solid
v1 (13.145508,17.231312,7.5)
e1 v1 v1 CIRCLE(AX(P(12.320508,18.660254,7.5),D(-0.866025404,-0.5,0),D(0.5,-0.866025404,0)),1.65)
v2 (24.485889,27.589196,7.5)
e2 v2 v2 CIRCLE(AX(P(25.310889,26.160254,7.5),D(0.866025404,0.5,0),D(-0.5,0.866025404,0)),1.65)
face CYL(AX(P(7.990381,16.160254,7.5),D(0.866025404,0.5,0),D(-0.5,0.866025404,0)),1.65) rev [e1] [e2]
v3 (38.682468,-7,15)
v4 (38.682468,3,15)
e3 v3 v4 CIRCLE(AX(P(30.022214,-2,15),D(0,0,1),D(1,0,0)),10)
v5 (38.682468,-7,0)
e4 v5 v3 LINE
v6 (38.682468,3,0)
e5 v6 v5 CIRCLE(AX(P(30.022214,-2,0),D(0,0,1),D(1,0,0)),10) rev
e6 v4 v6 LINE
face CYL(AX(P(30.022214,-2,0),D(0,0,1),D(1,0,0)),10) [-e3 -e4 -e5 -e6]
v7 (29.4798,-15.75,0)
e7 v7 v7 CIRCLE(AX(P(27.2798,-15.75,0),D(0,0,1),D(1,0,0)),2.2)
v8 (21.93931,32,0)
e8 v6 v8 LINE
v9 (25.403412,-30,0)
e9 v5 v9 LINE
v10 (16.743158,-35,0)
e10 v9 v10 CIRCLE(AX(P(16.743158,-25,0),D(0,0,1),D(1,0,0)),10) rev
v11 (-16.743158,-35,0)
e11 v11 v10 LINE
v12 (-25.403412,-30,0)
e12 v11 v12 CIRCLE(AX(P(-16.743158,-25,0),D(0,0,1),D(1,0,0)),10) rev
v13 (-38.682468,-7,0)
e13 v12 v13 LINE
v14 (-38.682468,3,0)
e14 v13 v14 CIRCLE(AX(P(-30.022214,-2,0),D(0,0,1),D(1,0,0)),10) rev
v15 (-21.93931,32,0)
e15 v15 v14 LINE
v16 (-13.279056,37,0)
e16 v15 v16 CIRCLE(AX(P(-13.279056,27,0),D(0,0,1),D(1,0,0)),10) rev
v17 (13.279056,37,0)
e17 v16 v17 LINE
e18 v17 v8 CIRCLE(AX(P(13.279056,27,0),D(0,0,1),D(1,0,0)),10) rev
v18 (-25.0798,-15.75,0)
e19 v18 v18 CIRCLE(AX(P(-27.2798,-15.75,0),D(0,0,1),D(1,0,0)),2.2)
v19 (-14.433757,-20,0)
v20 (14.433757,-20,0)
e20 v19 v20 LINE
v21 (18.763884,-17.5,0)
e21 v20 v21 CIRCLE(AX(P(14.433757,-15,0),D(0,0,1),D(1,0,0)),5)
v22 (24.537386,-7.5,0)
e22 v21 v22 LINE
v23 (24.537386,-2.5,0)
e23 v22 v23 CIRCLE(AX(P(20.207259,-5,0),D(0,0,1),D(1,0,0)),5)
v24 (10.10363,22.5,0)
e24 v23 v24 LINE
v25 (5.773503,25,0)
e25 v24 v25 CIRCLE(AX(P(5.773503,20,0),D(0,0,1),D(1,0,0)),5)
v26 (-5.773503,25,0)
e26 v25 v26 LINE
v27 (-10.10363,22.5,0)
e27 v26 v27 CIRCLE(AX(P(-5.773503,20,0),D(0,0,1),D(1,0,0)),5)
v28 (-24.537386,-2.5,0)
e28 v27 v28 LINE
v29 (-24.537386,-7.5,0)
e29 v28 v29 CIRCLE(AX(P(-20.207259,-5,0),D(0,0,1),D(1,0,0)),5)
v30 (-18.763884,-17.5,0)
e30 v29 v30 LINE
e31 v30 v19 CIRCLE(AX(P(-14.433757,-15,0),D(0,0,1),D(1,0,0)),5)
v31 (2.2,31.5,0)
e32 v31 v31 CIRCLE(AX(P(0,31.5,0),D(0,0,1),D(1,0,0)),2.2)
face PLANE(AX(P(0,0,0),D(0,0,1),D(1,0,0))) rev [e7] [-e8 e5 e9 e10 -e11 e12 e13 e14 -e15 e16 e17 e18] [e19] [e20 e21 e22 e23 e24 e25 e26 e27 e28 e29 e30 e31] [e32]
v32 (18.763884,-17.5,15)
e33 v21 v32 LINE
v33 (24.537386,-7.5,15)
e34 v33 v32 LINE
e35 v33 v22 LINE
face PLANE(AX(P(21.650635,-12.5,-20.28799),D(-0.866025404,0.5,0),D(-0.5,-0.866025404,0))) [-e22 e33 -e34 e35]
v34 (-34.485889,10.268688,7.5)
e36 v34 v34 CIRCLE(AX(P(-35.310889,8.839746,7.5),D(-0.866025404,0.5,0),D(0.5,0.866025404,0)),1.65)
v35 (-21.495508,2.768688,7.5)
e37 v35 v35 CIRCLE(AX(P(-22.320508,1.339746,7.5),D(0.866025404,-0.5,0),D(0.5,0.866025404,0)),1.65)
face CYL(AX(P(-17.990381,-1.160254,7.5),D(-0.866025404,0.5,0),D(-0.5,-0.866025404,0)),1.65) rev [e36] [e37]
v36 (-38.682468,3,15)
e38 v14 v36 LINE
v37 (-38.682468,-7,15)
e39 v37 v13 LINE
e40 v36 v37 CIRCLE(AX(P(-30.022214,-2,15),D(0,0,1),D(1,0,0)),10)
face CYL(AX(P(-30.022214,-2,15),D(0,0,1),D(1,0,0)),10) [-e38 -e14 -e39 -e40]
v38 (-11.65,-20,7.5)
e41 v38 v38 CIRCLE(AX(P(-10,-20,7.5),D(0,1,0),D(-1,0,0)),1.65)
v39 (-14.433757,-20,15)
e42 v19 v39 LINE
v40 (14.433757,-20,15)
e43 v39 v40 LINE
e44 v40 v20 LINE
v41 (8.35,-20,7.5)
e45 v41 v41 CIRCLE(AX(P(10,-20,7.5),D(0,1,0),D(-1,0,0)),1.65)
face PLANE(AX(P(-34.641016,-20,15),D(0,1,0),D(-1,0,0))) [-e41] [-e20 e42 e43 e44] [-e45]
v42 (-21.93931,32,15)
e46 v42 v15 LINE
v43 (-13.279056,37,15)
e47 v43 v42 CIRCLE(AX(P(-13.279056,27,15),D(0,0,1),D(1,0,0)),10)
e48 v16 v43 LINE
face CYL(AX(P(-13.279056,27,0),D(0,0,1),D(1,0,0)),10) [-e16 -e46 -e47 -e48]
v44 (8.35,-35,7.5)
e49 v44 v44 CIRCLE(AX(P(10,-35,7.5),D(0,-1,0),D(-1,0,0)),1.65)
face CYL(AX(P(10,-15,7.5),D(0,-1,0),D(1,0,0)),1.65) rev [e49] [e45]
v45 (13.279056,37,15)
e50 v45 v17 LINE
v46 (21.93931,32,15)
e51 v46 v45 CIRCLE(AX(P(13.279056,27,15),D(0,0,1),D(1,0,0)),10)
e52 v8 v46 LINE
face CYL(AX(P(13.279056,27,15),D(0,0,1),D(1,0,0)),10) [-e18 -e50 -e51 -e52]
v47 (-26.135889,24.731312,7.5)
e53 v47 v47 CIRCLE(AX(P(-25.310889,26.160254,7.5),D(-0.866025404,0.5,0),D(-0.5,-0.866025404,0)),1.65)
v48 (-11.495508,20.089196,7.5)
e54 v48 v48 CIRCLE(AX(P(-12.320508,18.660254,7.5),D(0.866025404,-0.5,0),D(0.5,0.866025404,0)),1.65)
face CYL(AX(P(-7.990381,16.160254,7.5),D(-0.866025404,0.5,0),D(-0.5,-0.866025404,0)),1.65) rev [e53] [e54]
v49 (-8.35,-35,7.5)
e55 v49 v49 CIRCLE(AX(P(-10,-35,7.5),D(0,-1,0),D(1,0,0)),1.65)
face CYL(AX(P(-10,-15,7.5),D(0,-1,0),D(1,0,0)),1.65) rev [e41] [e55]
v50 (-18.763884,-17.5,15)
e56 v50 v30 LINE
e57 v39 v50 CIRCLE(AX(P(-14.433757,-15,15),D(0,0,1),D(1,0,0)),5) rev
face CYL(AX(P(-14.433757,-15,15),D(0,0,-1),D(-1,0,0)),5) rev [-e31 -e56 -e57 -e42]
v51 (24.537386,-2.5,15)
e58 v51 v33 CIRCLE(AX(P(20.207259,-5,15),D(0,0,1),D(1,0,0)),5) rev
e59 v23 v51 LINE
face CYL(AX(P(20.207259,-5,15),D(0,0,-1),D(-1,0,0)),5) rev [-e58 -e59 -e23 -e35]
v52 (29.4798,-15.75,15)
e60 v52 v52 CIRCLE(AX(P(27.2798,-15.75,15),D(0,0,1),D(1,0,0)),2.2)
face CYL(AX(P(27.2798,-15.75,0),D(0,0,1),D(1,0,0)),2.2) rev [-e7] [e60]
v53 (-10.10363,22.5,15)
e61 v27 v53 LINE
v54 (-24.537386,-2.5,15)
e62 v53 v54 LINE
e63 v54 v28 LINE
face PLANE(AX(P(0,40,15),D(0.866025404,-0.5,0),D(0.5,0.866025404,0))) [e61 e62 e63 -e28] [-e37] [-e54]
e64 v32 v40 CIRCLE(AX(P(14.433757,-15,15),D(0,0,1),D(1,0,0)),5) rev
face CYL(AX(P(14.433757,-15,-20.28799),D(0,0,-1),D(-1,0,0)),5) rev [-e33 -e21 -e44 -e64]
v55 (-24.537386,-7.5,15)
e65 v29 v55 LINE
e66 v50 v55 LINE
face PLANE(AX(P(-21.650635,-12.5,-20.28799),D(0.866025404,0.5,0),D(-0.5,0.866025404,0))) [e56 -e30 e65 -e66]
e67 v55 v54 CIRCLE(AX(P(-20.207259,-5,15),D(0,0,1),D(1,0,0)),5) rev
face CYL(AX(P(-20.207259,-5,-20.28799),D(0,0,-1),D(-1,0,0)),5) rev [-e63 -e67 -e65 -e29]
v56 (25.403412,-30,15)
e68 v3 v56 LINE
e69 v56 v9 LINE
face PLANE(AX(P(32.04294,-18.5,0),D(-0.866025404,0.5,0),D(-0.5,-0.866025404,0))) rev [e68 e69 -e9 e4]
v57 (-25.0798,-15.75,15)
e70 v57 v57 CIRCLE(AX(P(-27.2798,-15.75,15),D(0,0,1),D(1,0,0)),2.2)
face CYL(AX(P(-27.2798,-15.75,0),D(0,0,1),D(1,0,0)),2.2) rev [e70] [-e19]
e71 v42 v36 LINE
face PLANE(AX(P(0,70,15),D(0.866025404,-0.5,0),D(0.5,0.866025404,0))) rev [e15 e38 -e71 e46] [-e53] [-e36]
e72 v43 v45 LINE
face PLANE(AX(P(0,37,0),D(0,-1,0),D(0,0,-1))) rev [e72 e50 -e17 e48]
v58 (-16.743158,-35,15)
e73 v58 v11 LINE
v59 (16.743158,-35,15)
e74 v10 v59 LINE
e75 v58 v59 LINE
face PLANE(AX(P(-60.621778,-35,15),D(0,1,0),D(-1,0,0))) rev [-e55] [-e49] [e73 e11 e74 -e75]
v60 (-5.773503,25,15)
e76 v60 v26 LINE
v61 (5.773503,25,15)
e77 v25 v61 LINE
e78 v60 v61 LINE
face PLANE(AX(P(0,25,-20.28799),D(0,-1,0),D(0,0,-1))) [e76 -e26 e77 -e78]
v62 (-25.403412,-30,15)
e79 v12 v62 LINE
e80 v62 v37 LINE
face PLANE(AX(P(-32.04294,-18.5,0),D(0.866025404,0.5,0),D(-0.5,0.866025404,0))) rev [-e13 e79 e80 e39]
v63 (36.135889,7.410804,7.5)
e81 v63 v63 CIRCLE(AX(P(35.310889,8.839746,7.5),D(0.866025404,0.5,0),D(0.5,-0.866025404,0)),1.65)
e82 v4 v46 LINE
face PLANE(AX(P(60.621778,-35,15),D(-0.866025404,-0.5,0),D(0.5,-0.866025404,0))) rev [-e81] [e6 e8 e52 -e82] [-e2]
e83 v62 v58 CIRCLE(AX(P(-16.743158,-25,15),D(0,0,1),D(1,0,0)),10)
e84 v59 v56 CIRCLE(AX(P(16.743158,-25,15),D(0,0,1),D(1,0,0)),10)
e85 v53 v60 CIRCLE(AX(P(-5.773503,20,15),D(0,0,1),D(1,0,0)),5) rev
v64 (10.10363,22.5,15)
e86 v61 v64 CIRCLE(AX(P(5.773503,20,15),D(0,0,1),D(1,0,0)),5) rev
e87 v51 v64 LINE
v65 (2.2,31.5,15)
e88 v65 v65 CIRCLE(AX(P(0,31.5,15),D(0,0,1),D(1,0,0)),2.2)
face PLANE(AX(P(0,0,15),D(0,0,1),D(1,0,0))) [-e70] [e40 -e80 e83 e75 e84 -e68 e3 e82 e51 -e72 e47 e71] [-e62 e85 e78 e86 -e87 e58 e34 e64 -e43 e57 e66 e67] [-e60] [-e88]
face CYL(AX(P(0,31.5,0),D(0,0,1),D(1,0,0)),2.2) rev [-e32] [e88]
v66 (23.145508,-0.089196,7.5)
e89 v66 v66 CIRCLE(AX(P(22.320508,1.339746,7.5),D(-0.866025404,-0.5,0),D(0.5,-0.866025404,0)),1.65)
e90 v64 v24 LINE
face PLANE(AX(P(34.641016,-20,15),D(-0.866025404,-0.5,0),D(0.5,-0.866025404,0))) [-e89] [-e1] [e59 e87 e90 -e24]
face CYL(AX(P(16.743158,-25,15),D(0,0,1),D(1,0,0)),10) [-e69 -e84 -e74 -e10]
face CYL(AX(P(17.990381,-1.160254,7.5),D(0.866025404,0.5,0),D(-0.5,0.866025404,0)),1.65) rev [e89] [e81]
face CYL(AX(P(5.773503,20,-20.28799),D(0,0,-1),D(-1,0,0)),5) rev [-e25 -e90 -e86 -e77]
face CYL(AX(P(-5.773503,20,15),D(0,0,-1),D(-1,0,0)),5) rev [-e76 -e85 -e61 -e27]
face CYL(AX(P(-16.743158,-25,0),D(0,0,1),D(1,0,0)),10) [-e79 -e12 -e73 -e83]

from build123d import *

# Parameters (mm, degrees)
EXTRUDE_1_DEPTH     = 15
FILLET_1_R          = 10
FILLET_2_R          = 5
SKETCH_2_R          = 1.65
CUT_EXTRUDE_1_DEPTH = 20
SKETCH_4_R          = 1.65
CUT_EXTRUDE_2_DEPTH = 20
SKETCH_5_R          = 1.65
CUT_EXTRUDE_3_DEPTH = 20
CUT_EXTRUDE_4_DEPTH = 15
EXTRUDE_2_DEPTH     = 15
CUT_EXTRUDE_5_DEPTH = 61.827625303
FILLET_3_R          = 10
FILLET_4_R          = 5
SKETCH_9_R          = 2.2
CUT_EXTRUDE_6_DEPTH = 57.531209197


with BuildPart() as part:
    # 草图1 → 凸台-拉伸1 (new body)
    with BuildSketch(Plane.XY):
        Polygon((0, 70), (-60.621778265, -35), (60.621778265, -35), align=None)
        Polygon((0, 40), (-34.641016151, -20), (34.641016151, -20), align=None, mode=Mode.SUBTRACT)
    extrude(amount=EXTRUDE_1_DEPTH)

    # 圆角1
    fillet_1_edges = [part.edges().sort_by_distance(p)[0] for p in [
        (60.621778265, -35, 7.5),
        (-60.621778265, -35, 7.5),
        (0, 70, 7.5),
    ]]
    fillet(fillet_1_edges, radius=FILLET_1_R)

    # 圆角2
    fillet_2_edges = [part.edges().sort_by_distance(p)[0] for p in [
        (34.641016151, -20, 7.5),
        (0, 40, 7.5),
        (-34.641016151, -20, 7.5),
    ]]
    fillet(fillet_2_edges, radius=FILLET_2_R)

    # 草图2 → 切除-拉伸1 (cut)
    with BuildSketch(Plane.XZ.offset(35)):
        with Locations((-10, 7.5)):
            Circle(SKETCH_2_R)
        with Locations(Location((10, 7.5, 0), (0, 0, 180))):
            Circle(SKETCH_2_R)
    extrude(amount=-CUT_EXTRUDE_1_DEPTH, mode=Mode.SUBTRACT)

    # 草图4 → 切除-拉伸2 (cut)
    with BuildSketch(Plane(origin=(30.310889132, 17.5, 0), x_dir=(0, 0, -1), z_dir=(0.8660254037844386, 0.5000000000000003, 0))):
        with Locations(Location((-7.5, 10, 0), (0, 0, 90))):
            Circle(SKETCH_4_R)
        with Locations(Location((-7.5, -10, 0), (0, 0, 270))):
            Circle(SKETCH_4_R)
    extrude(amount=-CUT_EXTRUDE_2_DEPTH, mode=Mode.SUBTRACT)

    # 草图5 → 切除-拉伸3 (cut)
    with BuildSketch(Plane(origin=(-30.310889132, 17.5, 0), x_dir=(0, 0, 1), z_dir=(-0.8660254037844386, 0.5000000000000003, 0))):
        with Locations(Location((7.5, 10, 0), (0, 0, 270))):
            Circle(SKETCH_5_R)
        with Locations(Location((7.5, -10, 0), (0, 0, 90))):
            Circle(SKETCH_5_R)
    extrude(amount=-CUT_EXTRUDE_3_DEPTH, mode=Mode.SUBTRACT)

    # 草图6 → 切除-拉伸4 (cut)
    with BuildSketch(Plane.XY.offset(15)):
        with BuildLine():
            Line((-8.660254038, 55), (-17.320508076, 40))
            Line((-17.320508076, 40), (17.320508076, 40))
            Line((17.320508076, 40), (8.660254038, 55))
            ThreePointArc((8.660254038, 55), (0, 60), (-8.660254038, 55))
        make_face()
        with BuildLine():
            Line((-25.980762114, -35), (-43.301270189, -5))
            Line((-43.301270189, -5), (-51.961524227, -20))
            ThreePointArc((-51.961524227, -20), (-51.961524227, -30), (-43.301270189, -35))
            Line((-43.301270189, -35), (-25.980762114, -35))
        make_face()
        with BuildLine():
            Line((51.961524227, -20), (43.301270189, -5))
            Line((43.301270189, -5), (25.980762114, -35))
            Line((25.980762114, -35), (43.301270189, -35))
            ThreePointArc((43.301270189, -35), (51.961524227, -30), (51.961524227, -20))
        make_face()
    extrude(amount=-CUT_EXTRUDE_4_DEPTH, mode=Mode.SUBTRACT)

    # 草图7 → 凸台-拉伸2 (add)
    with BuildSketch(Plane.XY.offset(15)):
        with BuildLine():
            Line((-4.330127019, 32.5), (-8.660254038, 25))
            Line((-8.660254038, 25), (8.660254038, 25))
            Line((8.660254038, 25), (4.330127019, 32.5))
            ThreePointArc((4.330127019, 32.5), (0, 35), (-4.330127019, 32.5))
        make_face()
        with BuildLine():
            Line((-17.320508076, -20), (-25.980762114, -5))
            Line((-25.980762114, -5), (-30.310889132, -12.5))
            ThreePointArc((-30.310889132, -12.5), (-30.310889132, -17.5), (-25.980762114, -20))
            Line((-25.980762114, -20), (-17.320508076, -20))
        make_face()
        with BuildLine():
            Line((30.310889132, -12.5), (25.980762114, -5))
            Line((25.980762114, -5), (17.320508076, -20))
            Line((17.320508076, -20), (25.980762114, -20))
            ThreePointArc((25.980762114, -20), (30.310889132, -17.5), (30.310889132, -12.5))
        make_face()
    extrude(amount=-EXTRUDE_2_DEPTH)

    # 草图8 → 切除-拉伸5 (cut, through all)
    with BuildSketch(Plane.XY.offset(15)):
        Polygon((-17.320508076, 40), (-19.052558883, 37), (19.052558883, 37), (17.320508076, 40), align=None)
        Polygon((-22.516660498, -35), (-41.569219382, -2), (-43.301270189, -5), (-25.980762114, -35), align=None)
        Polygon((43.301270189, -5), (41.569219382, -2), (22.516660498, -35), (25.980762114, -35), align=None)
    extrude(amount=-CUT_EXTRUDE_5_DEPTH, mode=Mode.SUBTRACT)

    # 圆角3
    fillet_3_edges = [part.edges().sort_by_distance(p)[0] for p in [
        (-19.052558883, 37, 7.5),
        (19.052558883, 37, 7.5),
        (-22.516660498, -35, 7.5),
        (-41.569219382, -2, 7.5),
        (41.569219382, -2, 7.5),
        (22.516660498, -35, 7.5),
    ]]
    fillet(fillet_3_edges, radius=FILLET_3_R)

    # 圆角4
    fillet_4_edges = [part.edges().sort_by_distance(p)[0] for p in [
        (-8.660254038, 25, 7.5),
        (8.660254038, 25, 7.5),
        (-17.320508076, -20, 7.5),
        (-25.980762114, -5, 7.5),
        (25.980762114, -5, 7.5),
        (17.320508076, -20, 7.5),
    ]]
    fillet(fillet_4_edges, radius=FILLET_4_R)

    # 草图9 → 切除-拉伸6 (cut, through all)
    with BuildSketch(Plane.XY.offset(15)):
        with Locations((0, 31.5)):
            Circle(SKETCH_9_R)
        with Locations((27.279800219, -15.75)):
            Circle(SKETCH_9_R)
        with Locations((-27.279800219, -15.75)):
            Circle(SKETCH_9_R)
    extrude(amount=-CUT_EXTRUDE_6_DEPTH, mode=Mode.SUBTRACT)


solid = part.part
